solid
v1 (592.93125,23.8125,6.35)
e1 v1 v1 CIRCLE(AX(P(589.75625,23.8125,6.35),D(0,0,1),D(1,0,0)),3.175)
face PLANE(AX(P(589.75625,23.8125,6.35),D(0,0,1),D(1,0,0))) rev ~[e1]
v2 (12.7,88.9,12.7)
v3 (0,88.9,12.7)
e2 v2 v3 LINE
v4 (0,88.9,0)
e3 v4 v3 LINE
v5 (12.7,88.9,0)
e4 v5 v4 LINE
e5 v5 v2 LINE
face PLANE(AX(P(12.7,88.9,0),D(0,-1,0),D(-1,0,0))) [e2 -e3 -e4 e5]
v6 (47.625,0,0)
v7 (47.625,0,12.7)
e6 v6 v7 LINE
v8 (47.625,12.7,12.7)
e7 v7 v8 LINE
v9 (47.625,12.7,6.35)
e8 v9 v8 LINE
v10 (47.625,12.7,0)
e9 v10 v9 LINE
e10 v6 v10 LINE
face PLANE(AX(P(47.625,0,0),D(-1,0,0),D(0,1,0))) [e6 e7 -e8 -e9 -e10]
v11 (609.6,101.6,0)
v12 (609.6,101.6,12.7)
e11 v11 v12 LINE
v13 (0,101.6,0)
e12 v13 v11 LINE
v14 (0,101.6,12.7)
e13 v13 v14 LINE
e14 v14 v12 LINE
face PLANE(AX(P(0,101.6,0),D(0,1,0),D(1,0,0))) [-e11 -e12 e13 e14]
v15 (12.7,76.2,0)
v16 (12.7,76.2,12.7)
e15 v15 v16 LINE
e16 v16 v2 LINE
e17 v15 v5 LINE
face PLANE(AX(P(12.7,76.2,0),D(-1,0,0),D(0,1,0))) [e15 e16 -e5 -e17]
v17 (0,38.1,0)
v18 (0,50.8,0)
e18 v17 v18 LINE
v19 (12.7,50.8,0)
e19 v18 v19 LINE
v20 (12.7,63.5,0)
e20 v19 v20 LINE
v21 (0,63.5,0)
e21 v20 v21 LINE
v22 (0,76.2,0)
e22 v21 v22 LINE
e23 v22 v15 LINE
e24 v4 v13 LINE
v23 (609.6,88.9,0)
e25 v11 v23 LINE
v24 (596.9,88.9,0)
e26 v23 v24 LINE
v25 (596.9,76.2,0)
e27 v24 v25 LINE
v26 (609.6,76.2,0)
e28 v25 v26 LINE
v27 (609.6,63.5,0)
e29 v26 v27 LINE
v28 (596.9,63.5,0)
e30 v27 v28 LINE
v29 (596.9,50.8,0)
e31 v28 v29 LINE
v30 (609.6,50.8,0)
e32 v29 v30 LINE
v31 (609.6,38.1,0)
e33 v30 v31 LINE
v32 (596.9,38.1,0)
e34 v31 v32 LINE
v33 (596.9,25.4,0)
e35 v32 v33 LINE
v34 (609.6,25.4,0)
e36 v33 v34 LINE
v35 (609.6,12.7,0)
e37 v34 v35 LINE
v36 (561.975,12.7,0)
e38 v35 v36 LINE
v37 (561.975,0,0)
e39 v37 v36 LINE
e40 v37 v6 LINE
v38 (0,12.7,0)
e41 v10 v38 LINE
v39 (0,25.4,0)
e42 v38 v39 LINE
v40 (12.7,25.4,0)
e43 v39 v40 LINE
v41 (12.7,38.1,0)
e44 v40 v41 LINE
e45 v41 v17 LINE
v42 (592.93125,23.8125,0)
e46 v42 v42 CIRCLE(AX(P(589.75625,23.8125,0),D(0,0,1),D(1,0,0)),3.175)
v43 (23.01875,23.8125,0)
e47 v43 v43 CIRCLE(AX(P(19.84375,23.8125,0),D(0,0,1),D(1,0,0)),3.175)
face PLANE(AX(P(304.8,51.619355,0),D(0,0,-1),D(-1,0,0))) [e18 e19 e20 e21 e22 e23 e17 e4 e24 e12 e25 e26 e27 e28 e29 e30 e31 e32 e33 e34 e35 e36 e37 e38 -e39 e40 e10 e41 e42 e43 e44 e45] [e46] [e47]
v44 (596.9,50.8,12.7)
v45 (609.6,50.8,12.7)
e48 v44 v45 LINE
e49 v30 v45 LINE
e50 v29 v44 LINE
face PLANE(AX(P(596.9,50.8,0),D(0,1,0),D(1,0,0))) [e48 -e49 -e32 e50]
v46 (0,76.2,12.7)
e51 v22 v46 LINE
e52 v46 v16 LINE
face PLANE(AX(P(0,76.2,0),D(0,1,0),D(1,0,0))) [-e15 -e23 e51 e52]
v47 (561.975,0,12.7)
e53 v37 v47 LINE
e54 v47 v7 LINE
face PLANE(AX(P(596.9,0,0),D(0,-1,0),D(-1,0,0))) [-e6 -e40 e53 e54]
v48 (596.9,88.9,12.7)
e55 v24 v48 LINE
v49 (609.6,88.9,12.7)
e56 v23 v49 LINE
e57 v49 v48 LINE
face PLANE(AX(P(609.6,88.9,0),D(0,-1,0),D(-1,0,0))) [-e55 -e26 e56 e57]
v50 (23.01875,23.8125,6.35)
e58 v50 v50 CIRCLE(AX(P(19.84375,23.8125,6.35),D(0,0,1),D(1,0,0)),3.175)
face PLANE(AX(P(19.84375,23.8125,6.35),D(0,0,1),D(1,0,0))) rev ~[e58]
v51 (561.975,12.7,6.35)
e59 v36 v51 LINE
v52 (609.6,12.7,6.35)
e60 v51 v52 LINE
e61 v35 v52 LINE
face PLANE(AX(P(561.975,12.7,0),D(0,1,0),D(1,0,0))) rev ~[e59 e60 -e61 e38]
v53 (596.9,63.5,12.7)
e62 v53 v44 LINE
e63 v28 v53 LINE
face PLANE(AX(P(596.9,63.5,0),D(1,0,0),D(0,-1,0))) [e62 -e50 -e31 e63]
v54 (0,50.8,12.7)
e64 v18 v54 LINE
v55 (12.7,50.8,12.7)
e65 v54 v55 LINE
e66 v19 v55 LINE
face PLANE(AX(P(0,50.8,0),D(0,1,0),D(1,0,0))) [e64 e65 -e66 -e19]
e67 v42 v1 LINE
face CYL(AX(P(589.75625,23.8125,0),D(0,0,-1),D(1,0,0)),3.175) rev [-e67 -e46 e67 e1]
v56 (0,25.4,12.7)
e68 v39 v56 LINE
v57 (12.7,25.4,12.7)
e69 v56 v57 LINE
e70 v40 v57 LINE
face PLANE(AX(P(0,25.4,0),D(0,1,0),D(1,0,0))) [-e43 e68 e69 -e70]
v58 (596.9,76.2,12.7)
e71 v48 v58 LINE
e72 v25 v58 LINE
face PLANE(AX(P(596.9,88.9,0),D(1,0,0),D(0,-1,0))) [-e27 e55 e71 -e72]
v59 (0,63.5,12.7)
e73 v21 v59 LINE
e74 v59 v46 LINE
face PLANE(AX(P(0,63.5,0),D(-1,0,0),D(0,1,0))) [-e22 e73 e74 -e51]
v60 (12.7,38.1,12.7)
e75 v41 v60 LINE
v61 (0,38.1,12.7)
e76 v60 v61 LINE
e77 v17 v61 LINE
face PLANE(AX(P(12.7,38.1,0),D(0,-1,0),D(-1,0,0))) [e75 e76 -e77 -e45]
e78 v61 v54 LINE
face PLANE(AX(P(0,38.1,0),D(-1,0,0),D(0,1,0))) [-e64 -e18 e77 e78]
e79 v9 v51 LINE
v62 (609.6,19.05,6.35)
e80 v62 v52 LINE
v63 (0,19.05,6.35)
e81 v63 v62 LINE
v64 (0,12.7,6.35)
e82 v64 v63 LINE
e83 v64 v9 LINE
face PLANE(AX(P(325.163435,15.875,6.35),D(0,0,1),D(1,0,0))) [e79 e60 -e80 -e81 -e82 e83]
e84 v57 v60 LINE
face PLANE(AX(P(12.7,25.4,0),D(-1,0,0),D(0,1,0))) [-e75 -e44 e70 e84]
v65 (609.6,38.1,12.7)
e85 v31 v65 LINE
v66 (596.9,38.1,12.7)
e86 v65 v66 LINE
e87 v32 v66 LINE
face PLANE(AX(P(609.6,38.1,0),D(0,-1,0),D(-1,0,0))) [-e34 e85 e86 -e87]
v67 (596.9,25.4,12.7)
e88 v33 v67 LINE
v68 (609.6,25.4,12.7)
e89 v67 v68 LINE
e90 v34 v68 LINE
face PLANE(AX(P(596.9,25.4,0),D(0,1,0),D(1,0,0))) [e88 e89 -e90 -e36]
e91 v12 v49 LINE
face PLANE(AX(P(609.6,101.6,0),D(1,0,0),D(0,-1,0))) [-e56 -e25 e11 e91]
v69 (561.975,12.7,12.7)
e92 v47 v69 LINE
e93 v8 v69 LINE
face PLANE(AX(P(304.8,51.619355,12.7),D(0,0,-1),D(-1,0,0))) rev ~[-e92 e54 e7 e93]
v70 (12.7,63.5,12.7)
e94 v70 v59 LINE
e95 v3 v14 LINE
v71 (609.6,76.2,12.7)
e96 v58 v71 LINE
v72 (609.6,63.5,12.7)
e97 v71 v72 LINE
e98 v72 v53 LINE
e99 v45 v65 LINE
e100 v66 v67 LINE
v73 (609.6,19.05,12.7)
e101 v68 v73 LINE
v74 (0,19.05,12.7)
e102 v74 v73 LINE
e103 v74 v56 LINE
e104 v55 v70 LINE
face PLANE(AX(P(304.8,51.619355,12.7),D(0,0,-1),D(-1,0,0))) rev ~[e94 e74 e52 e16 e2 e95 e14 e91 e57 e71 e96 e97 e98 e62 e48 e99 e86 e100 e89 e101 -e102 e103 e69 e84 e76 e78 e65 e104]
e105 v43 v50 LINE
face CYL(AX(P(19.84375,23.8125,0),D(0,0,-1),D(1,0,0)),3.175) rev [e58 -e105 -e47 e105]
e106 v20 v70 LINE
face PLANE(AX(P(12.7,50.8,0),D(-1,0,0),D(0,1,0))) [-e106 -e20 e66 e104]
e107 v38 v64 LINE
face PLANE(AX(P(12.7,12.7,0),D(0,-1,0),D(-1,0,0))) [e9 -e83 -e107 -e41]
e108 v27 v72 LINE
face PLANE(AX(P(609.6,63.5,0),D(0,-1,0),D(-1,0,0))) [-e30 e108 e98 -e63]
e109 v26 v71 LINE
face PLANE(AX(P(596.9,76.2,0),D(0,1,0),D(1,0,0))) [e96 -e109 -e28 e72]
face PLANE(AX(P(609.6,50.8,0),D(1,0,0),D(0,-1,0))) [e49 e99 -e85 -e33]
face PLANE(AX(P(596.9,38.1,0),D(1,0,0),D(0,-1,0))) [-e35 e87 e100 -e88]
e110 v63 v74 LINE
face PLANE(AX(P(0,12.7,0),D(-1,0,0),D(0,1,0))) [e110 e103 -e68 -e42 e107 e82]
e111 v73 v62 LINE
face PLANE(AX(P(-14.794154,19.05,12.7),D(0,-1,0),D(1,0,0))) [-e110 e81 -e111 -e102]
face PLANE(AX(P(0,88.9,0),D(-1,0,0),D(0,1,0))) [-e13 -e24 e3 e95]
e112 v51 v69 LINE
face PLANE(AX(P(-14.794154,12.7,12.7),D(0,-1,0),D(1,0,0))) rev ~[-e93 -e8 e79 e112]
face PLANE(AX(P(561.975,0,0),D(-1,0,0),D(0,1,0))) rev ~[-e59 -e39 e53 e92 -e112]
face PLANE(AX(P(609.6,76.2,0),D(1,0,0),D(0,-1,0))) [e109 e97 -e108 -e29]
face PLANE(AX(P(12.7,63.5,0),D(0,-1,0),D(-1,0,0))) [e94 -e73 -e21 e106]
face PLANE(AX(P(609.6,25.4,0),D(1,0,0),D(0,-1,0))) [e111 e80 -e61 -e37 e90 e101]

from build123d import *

# Parameters (mm, degrees)
BOSS_EXTRUDE1_DEPTH = 12.7
SKETCH2_W           = 34.925
SKETCH2_H           = 12.7
CUT_EXTRUDE1_DEPTH  = 619.139151001
SKETCH2_4_R         = 3.175
CUT_EXTRUDE2_DEPTH  = 6.35
SKETCH3_W           = 679.915177356
SKETCH3_H           = 6.35
CUT_EXTRUDE3_DEPTH  = 6.35


with BuildPart() as part:
    # Sketch1 → Boss-Extrude1 (new body)
    with BuildSketch(Plane.XY):
        Polygon((0, 25.4), (0, 12.7), (12.7, 12.7), (12.7, 0), (596.9, 0), (596.9, 12.7), (609.6, 12.7), (609.6, 25.4), (596.9, 25.4), (596.9, 38.1), (609.6, 38.1), (609.6, 50.8), (596.9, 50.8), (596.9, 63.5), (609.6, 63.5), (609.6, 76.2), (596.9, 76.2), (596.9, 88.9), (609.6, 88.9), (609.6, 101.6), (0, 101.6), (0, 88.9), (12.7, 88.9), (12.7, 76.2), (0, 76.2), (0, 63.5), (12.7, 63.5), (12.7, 50.8), (0, 50.8), (0, 38.1), (12.7, 38.1), (12.7, 25.4), align=None)
    extrude(amount=BOSS_EXTRUDE1_DEPTH)

    # Sketch2 → Cut-Extrude1 (cut, through all)
    with BuildSketch(Plane.XY):
        with Locations((579.4375, 6.35)):
            Rectangle(SKETCH2_W, SKETCH2_H)
        with Locations((30.1625, 6.35)):
            Rectangle(SKETCH2_W, SKETCH2_H)
    extrude(amount=CUT_EXTRUDE1_DEPTH, mode=Mode.SUBTRACT)

    # Sketch2<4> → Cut-Extrude2 (cut)
    with BuildSketch(Plane.XY):
        with Locations((589.75625, 23.8125)):
            Circle(SKETCH2_4_R)
        with Locations((19.84375, 23.8125)):
            Circle(SKETCH2_4_R)
    extrude(amount=CUT_EXTRUDE2_DEPTH, mode=Mode.SUBTRACT)

    # Sketch3 → Cut-Extrude3 (cut)
    with BuildSketch(Plane.XY.offset(12.7)):
        with Locations((325.163434952, 15.875)):
            Rectangle(SKETCH3_W, SKETCH3_H)
    extrude(amount=-CUT_EXTRUDE3_DEPTH, mode=Mode.SUBTRACT)


solid = part.part
